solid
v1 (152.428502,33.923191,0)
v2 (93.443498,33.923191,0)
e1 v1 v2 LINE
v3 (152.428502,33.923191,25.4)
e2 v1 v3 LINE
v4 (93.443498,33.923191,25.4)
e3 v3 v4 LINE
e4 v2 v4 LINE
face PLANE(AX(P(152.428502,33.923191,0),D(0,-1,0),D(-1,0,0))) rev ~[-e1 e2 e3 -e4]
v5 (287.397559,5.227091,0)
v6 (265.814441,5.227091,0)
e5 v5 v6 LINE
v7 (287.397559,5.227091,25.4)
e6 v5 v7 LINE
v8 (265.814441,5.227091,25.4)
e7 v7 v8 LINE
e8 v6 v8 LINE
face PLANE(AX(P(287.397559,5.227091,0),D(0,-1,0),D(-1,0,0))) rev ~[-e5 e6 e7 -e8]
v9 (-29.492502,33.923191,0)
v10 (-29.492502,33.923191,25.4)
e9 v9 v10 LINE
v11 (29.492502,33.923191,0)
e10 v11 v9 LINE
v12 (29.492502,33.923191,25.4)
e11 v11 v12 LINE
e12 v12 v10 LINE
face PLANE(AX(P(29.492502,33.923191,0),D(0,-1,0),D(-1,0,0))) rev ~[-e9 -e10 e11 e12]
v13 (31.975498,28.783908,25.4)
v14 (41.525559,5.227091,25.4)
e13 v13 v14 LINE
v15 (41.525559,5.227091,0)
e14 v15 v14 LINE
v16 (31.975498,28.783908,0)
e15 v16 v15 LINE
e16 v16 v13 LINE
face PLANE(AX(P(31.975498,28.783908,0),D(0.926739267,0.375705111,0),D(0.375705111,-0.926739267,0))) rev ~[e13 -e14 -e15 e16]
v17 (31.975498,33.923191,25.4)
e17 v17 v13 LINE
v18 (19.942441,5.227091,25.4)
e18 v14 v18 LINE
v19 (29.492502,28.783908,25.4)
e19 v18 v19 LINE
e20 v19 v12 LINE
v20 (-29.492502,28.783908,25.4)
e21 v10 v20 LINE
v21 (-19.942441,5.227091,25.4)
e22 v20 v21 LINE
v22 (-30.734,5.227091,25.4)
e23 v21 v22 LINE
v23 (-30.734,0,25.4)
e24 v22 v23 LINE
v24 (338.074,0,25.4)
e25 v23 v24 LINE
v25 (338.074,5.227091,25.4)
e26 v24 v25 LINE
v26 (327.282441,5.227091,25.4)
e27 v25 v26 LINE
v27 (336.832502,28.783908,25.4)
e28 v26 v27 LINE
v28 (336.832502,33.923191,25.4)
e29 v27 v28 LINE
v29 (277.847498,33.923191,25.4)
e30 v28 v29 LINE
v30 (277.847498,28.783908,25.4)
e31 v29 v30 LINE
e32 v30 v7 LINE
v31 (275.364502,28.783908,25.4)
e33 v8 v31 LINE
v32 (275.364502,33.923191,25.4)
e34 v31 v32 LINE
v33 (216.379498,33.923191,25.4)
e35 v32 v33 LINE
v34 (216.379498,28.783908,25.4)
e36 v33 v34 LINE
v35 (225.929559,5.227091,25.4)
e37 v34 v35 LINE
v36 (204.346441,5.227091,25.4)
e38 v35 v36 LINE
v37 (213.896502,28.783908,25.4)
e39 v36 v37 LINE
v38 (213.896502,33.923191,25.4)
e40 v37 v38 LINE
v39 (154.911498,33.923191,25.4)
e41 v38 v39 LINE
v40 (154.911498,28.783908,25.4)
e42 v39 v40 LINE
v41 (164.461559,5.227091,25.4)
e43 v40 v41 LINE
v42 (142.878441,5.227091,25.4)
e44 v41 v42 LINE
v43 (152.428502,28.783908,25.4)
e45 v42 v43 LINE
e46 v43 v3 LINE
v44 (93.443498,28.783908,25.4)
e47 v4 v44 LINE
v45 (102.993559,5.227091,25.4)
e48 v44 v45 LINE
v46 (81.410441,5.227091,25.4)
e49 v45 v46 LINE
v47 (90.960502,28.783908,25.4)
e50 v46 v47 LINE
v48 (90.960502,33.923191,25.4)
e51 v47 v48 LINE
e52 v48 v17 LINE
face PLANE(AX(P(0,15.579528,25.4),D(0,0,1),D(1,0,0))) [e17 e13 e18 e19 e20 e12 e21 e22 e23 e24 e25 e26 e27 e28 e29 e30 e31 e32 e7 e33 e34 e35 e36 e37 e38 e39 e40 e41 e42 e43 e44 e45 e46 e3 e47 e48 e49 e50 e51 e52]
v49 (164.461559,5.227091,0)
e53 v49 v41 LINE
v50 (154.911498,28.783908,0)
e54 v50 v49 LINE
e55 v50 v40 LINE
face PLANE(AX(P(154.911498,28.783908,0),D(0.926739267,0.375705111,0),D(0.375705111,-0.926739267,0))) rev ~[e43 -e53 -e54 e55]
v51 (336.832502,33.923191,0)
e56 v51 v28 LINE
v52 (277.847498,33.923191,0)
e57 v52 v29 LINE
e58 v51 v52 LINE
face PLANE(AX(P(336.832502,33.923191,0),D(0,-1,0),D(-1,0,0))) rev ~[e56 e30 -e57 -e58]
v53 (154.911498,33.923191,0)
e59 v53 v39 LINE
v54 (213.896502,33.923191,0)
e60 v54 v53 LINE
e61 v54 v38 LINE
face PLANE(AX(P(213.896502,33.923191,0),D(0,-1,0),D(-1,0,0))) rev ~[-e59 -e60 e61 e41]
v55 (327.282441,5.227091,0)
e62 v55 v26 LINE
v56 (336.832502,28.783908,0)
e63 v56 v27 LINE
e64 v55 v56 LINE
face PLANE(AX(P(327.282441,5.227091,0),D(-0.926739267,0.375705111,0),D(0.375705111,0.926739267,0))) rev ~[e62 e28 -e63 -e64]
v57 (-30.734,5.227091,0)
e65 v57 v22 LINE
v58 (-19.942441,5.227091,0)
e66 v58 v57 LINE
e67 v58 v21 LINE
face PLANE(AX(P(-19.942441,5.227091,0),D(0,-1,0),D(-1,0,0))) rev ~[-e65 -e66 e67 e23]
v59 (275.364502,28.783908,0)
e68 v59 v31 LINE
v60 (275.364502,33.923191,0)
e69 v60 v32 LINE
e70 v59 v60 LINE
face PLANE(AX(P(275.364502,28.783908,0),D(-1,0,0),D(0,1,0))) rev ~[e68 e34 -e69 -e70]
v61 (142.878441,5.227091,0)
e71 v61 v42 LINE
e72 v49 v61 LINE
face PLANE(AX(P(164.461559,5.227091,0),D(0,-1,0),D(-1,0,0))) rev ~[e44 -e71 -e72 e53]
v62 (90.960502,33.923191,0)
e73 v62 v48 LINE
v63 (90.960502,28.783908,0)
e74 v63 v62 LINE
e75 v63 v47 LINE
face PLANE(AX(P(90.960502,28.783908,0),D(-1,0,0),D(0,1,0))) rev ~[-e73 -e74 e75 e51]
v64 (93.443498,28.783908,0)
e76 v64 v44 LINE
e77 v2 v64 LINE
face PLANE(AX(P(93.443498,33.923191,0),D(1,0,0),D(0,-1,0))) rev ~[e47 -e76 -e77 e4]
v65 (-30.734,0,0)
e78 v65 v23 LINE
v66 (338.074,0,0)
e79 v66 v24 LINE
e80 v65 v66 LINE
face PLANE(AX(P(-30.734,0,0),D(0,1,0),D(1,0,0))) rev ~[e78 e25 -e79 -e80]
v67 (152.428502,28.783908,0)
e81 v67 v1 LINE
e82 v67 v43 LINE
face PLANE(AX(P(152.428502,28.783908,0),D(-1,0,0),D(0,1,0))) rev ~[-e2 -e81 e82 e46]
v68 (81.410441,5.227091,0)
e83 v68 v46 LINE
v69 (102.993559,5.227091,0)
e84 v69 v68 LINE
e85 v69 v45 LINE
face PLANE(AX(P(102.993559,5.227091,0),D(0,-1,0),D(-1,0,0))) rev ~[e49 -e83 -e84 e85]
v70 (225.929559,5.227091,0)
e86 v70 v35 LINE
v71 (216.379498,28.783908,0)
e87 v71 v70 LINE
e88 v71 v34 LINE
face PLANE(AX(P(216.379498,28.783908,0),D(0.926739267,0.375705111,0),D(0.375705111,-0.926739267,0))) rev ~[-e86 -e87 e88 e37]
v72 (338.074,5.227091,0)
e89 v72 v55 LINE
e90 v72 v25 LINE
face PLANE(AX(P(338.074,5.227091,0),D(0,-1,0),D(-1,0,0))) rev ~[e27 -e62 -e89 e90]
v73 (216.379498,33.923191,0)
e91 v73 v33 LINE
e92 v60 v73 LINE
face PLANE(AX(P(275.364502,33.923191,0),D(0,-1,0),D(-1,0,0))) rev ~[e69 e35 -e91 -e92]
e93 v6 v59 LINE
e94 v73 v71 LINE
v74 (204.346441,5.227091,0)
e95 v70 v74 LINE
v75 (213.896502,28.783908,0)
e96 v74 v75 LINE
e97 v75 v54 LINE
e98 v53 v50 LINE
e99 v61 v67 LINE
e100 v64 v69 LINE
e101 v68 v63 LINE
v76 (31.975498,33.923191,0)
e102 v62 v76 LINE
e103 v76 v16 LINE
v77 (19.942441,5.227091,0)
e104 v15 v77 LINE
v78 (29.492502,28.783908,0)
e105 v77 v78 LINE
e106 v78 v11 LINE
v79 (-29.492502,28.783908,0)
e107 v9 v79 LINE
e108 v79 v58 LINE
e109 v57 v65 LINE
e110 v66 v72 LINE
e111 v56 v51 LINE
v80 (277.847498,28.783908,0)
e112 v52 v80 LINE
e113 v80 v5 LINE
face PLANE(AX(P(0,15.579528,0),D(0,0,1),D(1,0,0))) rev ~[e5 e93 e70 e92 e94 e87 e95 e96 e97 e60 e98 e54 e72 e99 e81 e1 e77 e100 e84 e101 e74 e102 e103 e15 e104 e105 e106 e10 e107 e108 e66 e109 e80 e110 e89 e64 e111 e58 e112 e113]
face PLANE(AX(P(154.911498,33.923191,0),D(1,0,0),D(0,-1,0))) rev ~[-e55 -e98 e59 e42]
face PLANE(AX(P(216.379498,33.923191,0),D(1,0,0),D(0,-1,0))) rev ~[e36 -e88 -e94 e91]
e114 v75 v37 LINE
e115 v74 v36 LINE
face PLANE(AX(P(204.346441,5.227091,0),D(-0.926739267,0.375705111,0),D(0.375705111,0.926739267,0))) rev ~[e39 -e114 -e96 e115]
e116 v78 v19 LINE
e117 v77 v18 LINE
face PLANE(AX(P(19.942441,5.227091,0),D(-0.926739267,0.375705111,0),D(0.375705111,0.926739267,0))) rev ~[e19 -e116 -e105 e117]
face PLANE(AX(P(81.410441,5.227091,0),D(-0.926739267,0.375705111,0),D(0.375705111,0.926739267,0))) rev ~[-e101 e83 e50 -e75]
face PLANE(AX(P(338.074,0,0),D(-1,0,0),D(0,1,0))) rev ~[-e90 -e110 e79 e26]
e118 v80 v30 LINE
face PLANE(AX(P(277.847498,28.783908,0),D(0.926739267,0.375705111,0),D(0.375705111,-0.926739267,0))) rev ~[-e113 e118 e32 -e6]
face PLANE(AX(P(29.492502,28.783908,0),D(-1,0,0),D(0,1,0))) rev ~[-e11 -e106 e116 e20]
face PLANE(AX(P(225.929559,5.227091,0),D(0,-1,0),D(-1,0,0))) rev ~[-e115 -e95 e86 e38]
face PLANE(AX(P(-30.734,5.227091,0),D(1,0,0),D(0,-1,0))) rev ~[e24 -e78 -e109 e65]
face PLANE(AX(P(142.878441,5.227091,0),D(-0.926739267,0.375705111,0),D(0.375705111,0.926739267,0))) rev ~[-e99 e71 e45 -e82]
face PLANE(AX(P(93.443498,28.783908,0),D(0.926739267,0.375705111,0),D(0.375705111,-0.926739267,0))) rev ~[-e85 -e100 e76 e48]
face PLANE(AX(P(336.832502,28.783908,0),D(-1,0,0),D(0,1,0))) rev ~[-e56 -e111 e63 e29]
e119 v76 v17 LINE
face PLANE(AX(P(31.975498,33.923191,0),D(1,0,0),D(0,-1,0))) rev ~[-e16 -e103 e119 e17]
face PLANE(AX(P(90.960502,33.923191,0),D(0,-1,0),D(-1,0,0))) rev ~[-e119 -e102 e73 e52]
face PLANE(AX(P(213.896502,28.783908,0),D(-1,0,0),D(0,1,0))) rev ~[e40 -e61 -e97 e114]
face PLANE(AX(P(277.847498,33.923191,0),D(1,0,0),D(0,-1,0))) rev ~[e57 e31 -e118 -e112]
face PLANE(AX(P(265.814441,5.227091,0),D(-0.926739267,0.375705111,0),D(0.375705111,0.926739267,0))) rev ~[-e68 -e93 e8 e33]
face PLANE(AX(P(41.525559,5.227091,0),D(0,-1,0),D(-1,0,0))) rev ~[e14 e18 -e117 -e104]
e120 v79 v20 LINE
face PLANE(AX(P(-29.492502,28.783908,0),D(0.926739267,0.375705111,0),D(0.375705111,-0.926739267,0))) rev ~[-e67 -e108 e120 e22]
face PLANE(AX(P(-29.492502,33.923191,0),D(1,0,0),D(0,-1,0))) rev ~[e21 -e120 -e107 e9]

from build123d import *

# Parameters (mm, degrees)
F1_DEPTH = 25.4


with BuildPart() as f1:
    # F0 (on Top) → F1 (new body)
    with BuildSketch(Plane.XY):
        Polygon((29.492502, 33.923191), (0, 33.923191), (-29.492502, 33.923191), (-29.492502, 28.783908), (-19.942441, 5.227091), (-30.734, 5.227091), (-30.734, 0), (-29.04617, 0), (0, 0), (29.04617, 0), (30.734, 0), (30.734, 5.227091), (19.942441, 5.227091), (29.492502, 28.783908), align=None)
        Polygon((41.525559, 5.227091), (30.734, 5.227091), (30.734, 0), (32.42183, 0), (61.468, 0), (90.51417, 0), (92.202, 0), (92.202, 5.227091), (81.410441, 5.227091), (90.960502, 28.783908), (90.960502, 33.923191), (61.468, 33.923191), (31.975498, 33.923191), (31.975498, 28.783908), align=None)
        Polygon((92.202, 5.227091), (92.202, 0), (93.88983, 0), (122.936, 0), (151.98217, 0), (153.67, 0), (153.67, 5.227091), (142.878441, 5.227091), (152.428502, 28.783908), (152.428502, 33.923191), (122.936, 33.923191), (93.443498, 33.923191), (93.443498, 28.783908), (102.993559, 5.227091), align=None)
        Polygon((153.67, 5.227091), (153.67, 0), (155.35783, 0), (184.404, 0), (213.45017, 0), (215.138, 0), (215.138, 5.227091), (204.346441, 5.227091), (213.896502, 28.783908), (213.896502, 33.923191), (184.404, 33.923191), (154.911498, 33.923191), (154.911498, 28.783908), (164.461559, 5.227091), align=None)
        Polygon((215.138, 5.227091), (215.138, 0), (216.82583, 0), (245.872, 0), (274.91817, 0), (276.606, 0), (276.606, 5.227091), (265.814441, 5.227091), (275.364502, 28.783908), (275.364502, 33.923191), (245.872, 33.923191), (216.379498, 33.923191), (216.379498, 28.783908), (225.929559, 5.227091), align=None)
        Polygon((276.606, 5.227091), (276.606, 0), (278.29383, 0), (307.34, 0), (336.38617, 0), (338.074, 0), (338.074, 5.227091), (327.282441, 5.227091), (336.832502, 28.783908), (336.832502, 33.923191), (307.34, 33.923191), (277.847498, 33.923191), (277.847498, 28.783908), (287.397559, 5.227091), align=None)
    extrude(amount=F1_DEPTH)


solid = f1.part
